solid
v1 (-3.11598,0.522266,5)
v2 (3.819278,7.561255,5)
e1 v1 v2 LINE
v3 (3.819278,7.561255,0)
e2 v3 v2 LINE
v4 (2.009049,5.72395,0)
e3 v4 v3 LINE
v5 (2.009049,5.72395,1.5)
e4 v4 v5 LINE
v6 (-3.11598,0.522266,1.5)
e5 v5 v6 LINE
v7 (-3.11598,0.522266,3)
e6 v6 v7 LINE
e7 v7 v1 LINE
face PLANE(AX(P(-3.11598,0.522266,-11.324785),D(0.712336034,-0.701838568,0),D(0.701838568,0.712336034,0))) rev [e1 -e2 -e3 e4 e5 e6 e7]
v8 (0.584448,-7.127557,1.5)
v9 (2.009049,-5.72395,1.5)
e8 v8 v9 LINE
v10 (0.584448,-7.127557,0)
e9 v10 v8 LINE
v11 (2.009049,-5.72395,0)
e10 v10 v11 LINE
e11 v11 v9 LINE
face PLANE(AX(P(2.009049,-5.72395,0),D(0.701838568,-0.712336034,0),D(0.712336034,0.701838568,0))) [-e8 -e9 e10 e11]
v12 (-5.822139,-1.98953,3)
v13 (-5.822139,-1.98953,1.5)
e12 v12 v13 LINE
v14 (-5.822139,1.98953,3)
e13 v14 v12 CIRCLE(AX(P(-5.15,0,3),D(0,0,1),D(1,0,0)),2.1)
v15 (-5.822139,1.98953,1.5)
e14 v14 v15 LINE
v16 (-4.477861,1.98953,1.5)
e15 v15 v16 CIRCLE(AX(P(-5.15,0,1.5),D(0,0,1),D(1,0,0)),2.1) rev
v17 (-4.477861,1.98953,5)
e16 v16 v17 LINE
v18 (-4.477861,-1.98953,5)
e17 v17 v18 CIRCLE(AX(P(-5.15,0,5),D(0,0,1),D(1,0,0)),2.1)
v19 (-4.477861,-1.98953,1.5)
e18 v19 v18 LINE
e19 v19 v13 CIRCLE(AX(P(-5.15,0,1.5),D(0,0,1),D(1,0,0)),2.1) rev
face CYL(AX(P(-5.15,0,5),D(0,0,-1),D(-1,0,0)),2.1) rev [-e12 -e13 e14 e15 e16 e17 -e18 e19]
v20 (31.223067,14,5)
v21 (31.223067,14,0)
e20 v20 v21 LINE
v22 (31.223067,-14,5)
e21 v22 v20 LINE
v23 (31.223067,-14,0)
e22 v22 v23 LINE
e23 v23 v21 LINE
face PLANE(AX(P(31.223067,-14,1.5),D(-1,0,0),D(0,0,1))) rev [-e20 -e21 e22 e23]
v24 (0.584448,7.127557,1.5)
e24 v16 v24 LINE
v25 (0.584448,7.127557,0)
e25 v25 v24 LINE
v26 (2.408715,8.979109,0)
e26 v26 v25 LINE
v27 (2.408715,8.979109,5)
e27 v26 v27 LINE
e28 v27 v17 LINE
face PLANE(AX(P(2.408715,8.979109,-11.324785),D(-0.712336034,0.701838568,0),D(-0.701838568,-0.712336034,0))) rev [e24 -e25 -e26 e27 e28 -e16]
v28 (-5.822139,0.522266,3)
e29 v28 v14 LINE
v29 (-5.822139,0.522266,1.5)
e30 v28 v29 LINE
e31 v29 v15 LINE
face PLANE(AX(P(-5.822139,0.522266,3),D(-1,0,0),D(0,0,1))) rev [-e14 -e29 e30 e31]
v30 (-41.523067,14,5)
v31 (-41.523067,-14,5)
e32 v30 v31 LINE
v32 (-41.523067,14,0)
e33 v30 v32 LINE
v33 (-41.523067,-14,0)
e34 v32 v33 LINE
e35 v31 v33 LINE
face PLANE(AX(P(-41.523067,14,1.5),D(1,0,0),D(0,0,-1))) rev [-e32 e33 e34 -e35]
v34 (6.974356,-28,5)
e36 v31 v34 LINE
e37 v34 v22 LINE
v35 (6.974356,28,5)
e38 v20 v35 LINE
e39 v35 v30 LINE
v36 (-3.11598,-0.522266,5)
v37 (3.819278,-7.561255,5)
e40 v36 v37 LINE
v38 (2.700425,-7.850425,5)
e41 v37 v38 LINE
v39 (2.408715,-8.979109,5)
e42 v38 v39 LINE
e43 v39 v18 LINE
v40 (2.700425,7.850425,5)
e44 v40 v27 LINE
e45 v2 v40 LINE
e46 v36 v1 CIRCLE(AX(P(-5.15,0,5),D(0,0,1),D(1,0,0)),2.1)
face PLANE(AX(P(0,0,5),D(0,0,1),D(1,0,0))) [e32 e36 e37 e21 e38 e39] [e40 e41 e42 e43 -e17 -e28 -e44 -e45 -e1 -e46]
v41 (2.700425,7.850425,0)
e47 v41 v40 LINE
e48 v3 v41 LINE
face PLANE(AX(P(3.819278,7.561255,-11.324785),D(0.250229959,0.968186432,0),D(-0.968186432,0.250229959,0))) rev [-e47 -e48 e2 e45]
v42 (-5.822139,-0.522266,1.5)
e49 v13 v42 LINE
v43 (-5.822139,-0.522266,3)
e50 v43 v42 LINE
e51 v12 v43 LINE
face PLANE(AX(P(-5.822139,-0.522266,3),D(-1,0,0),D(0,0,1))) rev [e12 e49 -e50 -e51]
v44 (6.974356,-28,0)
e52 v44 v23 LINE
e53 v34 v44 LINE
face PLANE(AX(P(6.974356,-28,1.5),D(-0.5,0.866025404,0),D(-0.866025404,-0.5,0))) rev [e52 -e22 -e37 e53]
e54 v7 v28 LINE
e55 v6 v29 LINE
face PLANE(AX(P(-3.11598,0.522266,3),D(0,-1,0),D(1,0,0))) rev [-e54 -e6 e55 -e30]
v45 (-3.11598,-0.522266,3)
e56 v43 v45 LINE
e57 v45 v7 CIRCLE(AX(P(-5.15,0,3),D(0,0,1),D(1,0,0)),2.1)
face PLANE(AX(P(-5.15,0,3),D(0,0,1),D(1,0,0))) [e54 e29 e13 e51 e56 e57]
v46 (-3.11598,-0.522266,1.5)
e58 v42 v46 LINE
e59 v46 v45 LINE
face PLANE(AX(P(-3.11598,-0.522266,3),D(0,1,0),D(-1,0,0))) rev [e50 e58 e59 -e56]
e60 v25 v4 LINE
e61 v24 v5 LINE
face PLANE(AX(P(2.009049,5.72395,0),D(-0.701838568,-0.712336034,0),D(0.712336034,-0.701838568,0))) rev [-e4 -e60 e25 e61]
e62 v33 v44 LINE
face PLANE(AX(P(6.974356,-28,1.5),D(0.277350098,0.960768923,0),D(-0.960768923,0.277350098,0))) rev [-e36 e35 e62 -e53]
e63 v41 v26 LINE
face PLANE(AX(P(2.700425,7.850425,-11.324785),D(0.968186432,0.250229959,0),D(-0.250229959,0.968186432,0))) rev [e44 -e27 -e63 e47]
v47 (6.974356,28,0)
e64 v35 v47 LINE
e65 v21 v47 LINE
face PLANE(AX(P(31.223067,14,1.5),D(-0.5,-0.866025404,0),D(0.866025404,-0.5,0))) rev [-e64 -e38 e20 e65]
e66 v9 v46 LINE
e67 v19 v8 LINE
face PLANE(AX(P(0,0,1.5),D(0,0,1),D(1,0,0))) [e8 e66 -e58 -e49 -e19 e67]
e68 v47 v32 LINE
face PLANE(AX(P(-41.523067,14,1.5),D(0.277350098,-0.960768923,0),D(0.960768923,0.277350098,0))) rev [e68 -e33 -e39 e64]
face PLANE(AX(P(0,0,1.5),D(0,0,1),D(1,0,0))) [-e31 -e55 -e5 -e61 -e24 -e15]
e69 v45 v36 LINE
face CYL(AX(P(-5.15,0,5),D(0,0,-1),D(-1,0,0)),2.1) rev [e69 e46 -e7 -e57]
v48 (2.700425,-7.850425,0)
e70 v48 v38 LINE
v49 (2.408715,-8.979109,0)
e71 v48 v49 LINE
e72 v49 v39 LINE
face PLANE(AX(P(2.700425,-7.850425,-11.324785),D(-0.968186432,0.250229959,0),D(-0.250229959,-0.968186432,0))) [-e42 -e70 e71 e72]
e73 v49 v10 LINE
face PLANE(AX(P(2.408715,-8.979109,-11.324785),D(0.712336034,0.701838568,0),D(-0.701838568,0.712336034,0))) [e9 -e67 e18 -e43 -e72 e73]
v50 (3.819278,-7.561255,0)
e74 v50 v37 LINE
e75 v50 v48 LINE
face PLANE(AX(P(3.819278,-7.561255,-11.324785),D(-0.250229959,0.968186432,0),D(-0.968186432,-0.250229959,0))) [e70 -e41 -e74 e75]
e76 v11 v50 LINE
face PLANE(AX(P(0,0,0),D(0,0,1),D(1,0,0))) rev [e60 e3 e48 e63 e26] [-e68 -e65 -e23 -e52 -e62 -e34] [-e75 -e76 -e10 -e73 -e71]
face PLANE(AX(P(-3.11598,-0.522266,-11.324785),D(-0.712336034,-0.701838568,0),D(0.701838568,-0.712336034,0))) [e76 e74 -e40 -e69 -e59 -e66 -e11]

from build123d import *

# Parameters (mm, degrees)
BOSS_EXTRUDE1_DEPTH = 1.5
SKETCH4_R           = 2.1
BOSS_EXTRUDE2_DEPTH = 3.5
CUT_EXTRUDE1_DEPTH  = 3.5
CUT_EXTRUDE2_DEPTH  = 51.203735814
BOSS_EXTRUDE3_DEPTH = 1.5


with BuildPart() as part:
    # Sketch2 → Boss-Extrude1 (new body)
    with BuildSketch(Plane.XY):
        Polygon((-41.523066959, 14), (-41.523066959, -14), (6.974355653, -28), (31.223066959, -14), (31.223066959, 14), (6.974355653, 28), align=None)
    extrude(amount=BOSS_EXTRUDE1_DEPTH)

    # Sketch4 → Boss-Extrude2 (add)
    with BuildSketch(Plane.XY.offset(1.5)):
        Polygon((6.974355653, 28), (-41.523066959, 14), (-41.523066959, -14), (6.974355653, -28), (31.223066959, -14), (31.223066959, 14), align=None)
        with Locations((-5.15, 0)):
            Circle(SKETCH4_R, mode=Mode.SUBTRACT)
    extrude(amount=BOSS_EXTRUDE2_DEPTH)

    # Sketch5 → Cut-Extrude1 (cut)
    with BuildSketch(Plane.XY.offset(5)):
        Polygon((-4.477861471, 1.989530045), (-5.822138529, 1.989530045), (-5.822138529, 0.522265885), (-3.115979758, 0.522265885), (3.819278422, 7.561255379), (2.700425446, 7.850425446), (2.408714576, 8.979109263), align=None)
    cut_extrude1 = extrude(amount=-CUT_EXTRUDE1_DEPTH, mode=Mode.SUBTRACT)

    # Sketch9 → Cut-Extrude2 (cut, through all)
    with BuildSketch(Plane.XY.offset(1.5)):
        Polygon((2.408714576, 8.979109263), (2.700425446, 7.850425446), (3.819278422, 7.561255379), (2.009048725, 5.723949904), (0.584447895, 7.127556852), align=None)
    cut_extrude2 = extrude(amount=-CUT_EXTRUDE2_DEPTH, mode=Mode.SUBTRACT)

    # Mirror1: Cut-Extrude1, Cut-Extrude2 across plane
    add(cut_extrude1.mirror(Plane(origin=(0, 0, 0), x_dir=(0, 0, 1), z_dir=(0, -1, 0))), mode=Mode.SUBTRACT)
    add(cut_extrude2.mirror(Plane(origin=(0, 0, 0), x_dir=(0, 0, 1), z_dir=(0, -1, 0))), mode=Mode.SUBTRACT)

    # Sketch8 → Boss-Extrude3 (add)
    with BuildSketch(Plane.XY.offset(1.5)):
        with BuildLine():
            Line((-5.822138529, 0.522265885), (-5.822138529, 1.989530045))
            ThreePointArc((-5.822138529, 1.989530045), (-7.25, 0), (-5.822138529, -1.989530045))
            Line((-5.822138529, -1.989530045), (-5.822138529, -0.522265885))
            Line((-5.822138529, -0.522265885), (-3.115979758, -0.522265885))
            ThreePointArc((-3.115979758, -0.522265885), (-3.05, 0), (-3.115979758, 0.522265885))
            Line((-3.115979758, 0.522265885), (-5.822138529, 0.522265885))
        make_face()
    extrude(amount=BOSS_EXTRUDE3_DEPTH)


solid = part.part
